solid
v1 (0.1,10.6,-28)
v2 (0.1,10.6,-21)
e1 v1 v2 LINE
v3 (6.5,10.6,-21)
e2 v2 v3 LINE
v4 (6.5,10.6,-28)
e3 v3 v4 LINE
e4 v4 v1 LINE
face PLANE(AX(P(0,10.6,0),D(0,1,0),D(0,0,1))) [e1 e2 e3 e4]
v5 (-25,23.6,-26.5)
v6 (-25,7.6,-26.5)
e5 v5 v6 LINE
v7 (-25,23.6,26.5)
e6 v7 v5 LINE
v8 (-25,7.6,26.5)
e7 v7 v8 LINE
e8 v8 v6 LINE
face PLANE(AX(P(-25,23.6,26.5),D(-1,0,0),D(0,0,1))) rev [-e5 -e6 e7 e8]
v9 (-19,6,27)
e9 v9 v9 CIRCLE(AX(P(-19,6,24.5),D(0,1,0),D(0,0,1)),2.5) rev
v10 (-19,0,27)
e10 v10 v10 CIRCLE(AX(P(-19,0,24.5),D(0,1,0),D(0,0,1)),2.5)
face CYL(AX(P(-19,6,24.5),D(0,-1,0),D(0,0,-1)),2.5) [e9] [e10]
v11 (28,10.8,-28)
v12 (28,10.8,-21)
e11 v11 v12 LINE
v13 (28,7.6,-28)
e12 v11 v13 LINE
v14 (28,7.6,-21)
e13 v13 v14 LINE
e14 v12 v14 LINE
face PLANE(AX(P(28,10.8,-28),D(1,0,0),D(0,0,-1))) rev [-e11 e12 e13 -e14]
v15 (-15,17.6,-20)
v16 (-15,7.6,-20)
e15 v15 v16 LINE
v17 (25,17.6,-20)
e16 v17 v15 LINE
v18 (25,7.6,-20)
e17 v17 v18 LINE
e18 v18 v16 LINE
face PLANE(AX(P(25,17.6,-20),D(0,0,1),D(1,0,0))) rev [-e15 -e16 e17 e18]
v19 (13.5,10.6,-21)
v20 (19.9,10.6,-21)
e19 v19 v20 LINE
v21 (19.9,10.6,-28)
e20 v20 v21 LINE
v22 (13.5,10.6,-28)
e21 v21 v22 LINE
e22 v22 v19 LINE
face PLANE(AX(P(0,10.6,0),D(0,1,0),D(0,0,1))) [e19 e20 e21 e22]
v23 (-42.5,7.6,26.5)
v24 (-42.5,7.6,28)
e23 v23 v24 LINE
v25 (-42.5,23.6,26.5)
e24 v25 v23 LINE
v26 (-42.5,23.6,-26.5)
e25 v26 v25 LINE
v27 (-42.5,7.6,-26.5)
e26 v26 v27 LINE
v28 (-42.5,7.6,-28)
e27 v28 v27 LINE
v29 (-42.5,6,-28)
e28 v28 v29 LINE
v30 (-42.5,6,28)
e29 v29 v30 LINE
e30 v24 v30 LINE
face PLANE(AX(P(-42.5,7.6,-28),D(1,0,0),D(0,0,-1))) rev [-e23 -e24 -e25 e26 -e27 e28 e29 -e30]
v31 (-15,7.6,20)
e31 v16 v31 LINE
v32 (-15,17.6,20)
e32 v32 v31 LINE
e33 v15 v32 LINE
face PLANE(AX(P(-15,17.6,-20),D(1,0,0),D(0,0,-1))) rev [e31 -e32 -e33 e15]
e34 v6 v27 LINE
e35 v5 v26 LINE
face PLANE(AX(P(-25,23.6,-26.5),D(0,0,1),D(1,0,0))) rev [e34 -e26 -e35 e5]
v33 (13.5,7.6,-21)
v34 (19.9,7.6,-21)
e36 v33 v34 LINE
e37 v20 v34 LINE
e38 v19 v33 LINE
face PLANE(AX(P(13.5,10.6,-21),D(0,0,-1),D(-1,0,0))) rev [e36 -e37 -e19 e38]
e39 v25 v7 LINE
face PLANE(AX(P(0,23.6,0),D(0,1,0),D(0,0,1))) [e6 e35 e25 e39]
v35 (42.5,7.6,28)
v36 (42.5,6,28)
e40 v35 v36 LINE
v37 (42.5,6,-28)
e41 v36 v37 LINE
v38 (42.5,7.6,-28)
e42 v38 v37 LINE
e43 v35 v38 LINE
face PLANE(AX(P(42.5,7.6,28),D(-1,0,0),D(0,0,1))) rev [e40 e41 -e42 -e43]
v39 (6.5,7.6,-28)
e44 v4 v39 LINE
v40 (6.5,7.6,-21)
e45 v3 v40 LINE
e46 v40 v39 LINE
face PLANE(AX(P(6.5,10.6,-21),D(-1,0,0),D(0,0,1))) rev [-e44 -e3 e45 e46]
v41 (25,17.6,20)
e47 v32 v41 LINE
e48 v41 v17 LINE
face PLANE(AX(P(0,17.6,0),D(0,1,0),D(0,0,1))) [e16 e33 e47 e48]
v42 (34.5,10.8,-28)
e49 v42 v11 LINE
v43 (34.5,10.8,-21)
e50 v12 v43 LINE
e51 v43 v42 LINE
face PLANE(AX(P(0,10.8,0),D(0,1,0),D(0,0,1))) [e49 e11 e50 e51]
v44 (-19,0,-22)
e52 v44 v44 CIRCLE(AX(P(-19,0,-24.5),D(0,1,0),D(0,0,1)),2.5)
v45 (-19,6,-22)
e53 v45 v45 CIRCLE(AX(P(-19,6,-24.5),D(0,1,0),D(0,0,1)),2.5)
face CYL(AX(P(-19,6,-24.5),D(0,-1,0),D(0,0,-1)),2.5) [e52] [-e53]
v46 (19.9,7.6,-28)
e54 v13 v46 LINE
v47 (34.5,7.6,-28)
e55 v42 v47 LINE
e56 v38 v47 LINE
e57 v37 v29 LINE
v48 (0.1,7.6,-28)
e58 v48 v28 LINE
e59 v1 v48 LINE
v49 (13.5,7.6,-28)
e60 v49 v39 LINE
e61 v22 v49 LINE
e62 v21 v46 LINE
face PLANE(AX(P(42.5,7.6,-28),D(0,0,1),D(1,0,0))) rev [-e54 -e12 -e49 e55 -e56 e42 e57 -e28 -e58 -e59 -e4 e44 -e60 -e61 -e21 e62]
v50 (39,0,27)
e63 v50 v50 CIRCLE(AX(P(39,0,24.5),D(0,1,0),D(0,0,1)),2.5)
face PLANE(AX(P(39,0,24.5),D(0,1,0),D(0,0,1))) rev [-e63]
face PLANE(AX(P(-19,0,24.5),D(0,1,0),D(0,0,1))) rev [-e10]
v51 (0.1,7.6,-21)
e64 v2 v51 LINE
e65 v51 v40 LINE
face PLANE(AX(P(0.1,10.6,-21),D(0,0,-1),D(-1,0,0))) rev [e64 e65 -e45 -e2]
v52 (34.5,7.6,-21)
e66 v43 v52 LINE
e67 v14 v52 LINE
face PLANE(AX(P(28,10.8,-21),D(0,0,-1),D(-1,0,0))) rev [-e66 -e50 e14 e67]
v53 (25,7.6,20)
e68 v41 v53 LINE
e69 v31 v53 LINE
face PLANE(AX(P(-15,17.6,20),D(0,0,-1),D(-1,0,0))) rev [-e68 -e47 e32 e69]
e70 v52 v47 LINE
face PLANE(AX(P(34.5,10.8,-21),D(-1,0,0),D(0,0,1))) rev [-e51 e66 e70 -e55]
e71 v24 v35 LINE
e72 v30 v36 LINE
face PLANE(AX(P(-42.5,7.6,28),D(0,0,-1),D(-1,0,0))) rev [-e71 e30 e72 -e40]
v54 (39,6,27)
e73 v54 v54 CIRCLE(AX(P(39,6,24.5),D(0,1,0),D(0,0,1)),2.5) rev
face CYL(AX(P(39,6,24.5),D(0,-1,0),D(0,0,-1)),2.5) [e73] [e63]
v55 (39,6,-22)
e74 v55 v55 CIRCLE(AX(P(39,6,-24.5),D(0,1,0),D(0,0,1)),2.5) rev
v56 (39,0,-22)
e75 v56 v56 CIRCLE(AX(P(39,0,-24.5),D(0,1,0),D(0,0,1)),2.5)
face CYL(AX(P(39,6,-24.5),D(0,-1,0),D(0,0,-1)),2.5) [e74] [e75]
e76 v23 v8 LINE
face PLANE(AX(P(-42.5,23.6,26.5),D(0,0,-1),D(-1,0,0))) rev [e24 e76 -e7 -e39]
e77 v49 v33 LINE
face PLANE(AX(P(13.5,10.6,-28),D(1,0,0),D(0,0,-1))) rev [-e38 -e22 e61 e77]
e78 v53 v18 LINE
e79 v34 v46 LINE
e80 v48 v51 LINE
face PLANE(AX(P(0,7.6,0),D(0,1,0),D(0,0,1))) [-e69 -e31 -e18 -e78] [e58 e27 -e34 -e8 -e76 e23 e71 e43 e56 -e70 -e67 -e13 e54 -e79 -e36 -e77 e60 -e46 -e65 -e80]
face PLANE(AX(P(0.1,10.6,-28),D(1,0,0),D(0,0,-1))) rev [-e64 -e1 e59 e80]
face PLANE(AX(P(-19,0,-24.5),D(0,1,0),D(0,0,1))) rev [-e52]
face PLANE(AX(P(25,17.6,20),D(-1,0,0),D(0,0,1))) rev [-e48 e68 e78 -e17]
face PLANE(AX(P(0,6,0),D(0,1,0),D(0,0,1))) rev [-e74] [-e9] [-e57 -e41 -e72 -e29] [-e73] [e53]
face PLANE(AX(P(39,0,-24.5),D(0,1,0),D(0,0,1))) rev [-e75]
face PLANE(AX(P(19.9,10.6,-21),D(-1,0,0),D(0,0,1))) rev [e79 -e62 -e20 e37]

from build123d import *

# Parameters (mm, degrees)
SK_P01_STANDOFF_R        = 2.5
P01_STANDOFF_DEPTH       = 6
SK_P02_STANDOFF_R        = 2.5
P02_STANDOFF_DEPTH       = 6
SK_P03_STANDOFF_R        = 2.5
P03_STANDOFF_DEPTH       = 6
SK_P04_STANDOFF_R        = 2.5
P04_STANDOFF_DEPTH       = 6
P05_BOARD_START          = 6
SK_P05_BOARD_W           = 85
SK_P05_BOARD_H           = 56
P05_BOARD_DEPTH          = 1.6
P06_ACTIVECOOLER_START   = 7.6
SK_P06_ACTIVECOOLER_W    = 40
SK_P06_ACTIVECOOLER_H    = 40
P06_ACTIVECOOLER_DEPTH   = 10
P07_USBANDETHERNET_START = 7.6
SK_P07_USBANDETHERNET_W  = 17.5
SK_P07_USBANDETHERNET_H  = 53
P07_USBANDETHERNET_DEPTH = 16
P08_USBCPOWER_START      = 7.6
SK_P08_USBCPOWER_W       = 6.5
SK_P08_USBCPOWER_H       = 7
P08_USBCPOWER_DEPTH      = 3.2
P09_MICROHDMI0_START     = 7.6
SK_P09_MICROHDMI0_W      = 6.4
SK_P09_MICROHDMI0_H      = 7
P09_MICROHDMI0_DEPTH     = 3
P10_MICROHDMI1_START     = 7.6
SK_P10_MICROHDMI1_W      = 6.4
SK_P10_MICROHDMI1_H      = 7
P10_MICROHDMI1_DEPTH     = 3


with BuildPart() as part:
    # SK_P01_Standoff → P01_Standoff (new body)
    with BuildSketch(Plane(origin=(0, 0, 0), x_dir=(1, 0, 0), z_dir=(0, 1, 0))):
        with Locations(Location((-19, 24.5, 0), (0, 0, 270))):
            Circle(SK_P01_STANDOFF_R)
    extrude(amount=P01_STANDOFF_DEPTH)



with BuildPart() as body_2:
    # SK_P02_Standoff → P02_Standoff (new body)
    with BuildSketch(Plane(origin=(0, 0, 0), x_dir=(1, 0, 0), z_dir=(0, 1, 0))):
        with Locations(Location((-19, -24.5, 0), (0, 0, 270))):
            Circle(SK_P02_STANDOFF_R)
    extrude(amount=P02_STANDOFF_DEPTH)


with BuildPart() as body_3:
    # SK_P03_Standoff → P03_Standoff (new body)
    with BuildSketch(Plane(origin=(0, 0, 0), x_dir=(1, 0, 0), z_dir=(0, 1, 0))):
        with Locations(Location((39, 24.5, 0), (0, 0, 270))):
            Circle(SK_P03_STANDOFF_R)
    extrude(amount=P03_STANDOFF_DEPTH)


with BuildPart() as body_4:
    # SK_P04_Standoff → P04_Standoff (new body)
    with BuildSketch(Plane(origin=(0, 0, 0), x_dir=(1, 0, 0), z_dir=(0, 1, 0))):
        with Locations(Location((39, -24.5, 0), (0, 0, 270))):
            Circle(SK_P04_STANDOFF_R)
    extrude(amount=P04_STANDOFF_DEPTH)


with BuildPart() as part_1:
    add(part.part)

    add(body_2.part)  # P05_Board merges body 2

    add(body_3.part)  # P05_Board merges body 3

    add(body_4.part)  # P05_Board merges body 4
    # SK_P05_Board → P05_Board (add)
    with BuildSketch(Plane(origin=(0, 0, 0), x_dir=(1, 0, 0), z_dir=(0, 1, 0)).offset(P05_BOARD_START)):
        Rectangle(SK_P05_BOARD_W, SK_P05_BOARD_H)
    extrude(amount=P05_BOARD_DEPTH)

    # SK_P06_Activecooler → P06_Activecooler (add)
    with BuildSketch(Plane(origin=(0, 0, 0), x_dir=(1, 0, 0), z_dir=(0, 1, 0)).offset(P06_ACTIVECOOLER_START)):
        with Locations((5, 0)):
            Rectangle(SK_P06_ACTIVECOOLER_W, SK_P06_ACTIVECOOLER_H)
    extrude(amount=P06_ACTIVECOOLER_DEPTH)

    # SK_P07_USBandEthernet → P07_USBandEthernet (add)
    with BuildSketch(Plane(origin=(0, 0, 0), x_dir=(1, 0, 0), z_dir=(0, 1, 0)).offset(P07_USBANDETHERNET_START)):
        with Locations((-33.75, 0)):
            Rectangle(SK_P07_USBANDETHERNET_W, SK_P07_USBANDETHERNET_H)
    extrude(amount=P07_USBANDETHERNET_DEPTH)

    # SK_P08_USBCpower → P08_USBCpower (add)
    with BuildSketch(Plane(origin=(0, 0, 0), x_dir=(1, 0, 0), z_dir=(0, 1, 0)).offset(P08_USBCPOWER_START)):
        with Locations((31.25, 24.5)):
            Rectangle(SK_P08_USBCPOWER_W, SK_P08_USBCPOWER_H)
    extrude(amount=P08_USBCPOWER_DEPTH)

    # SK_P09_microHDMI0 → P09_microHDMI0 (add)
    with BuildSketch(Plane(origin=(0, 0, 0), x_dir=(1, 0, 0), z_dir=(0, 1, 0)).offset(P09_MICROHDMI0_START)):
        with Locations((16.7, 24.5)):
            Rectangle(SK_P09_MICROHDMI0_W, SK_P09_MICROHDMI0_H)
    extrude(amount=P09_MICROHDMI0_DEPTH)

    # SK_P10_microHDMI1 → P10_microHDMI1 (add)
    with BuildSketch(Plane(origin=(0, 0, 0), x_dir=(1, 0, 0), z_dir=(0, 1, 0)).offset(P10_MICROHDMI1_START)):
        with Locations((3.3, 24.5)):
            Rectangle(SK_P10_MICROHDMI1_W, SK_P10_MICROHDMI1_H)
    extrude(amount=P10_MICROHDMI1_DEPTH)


solid = part_1.part
